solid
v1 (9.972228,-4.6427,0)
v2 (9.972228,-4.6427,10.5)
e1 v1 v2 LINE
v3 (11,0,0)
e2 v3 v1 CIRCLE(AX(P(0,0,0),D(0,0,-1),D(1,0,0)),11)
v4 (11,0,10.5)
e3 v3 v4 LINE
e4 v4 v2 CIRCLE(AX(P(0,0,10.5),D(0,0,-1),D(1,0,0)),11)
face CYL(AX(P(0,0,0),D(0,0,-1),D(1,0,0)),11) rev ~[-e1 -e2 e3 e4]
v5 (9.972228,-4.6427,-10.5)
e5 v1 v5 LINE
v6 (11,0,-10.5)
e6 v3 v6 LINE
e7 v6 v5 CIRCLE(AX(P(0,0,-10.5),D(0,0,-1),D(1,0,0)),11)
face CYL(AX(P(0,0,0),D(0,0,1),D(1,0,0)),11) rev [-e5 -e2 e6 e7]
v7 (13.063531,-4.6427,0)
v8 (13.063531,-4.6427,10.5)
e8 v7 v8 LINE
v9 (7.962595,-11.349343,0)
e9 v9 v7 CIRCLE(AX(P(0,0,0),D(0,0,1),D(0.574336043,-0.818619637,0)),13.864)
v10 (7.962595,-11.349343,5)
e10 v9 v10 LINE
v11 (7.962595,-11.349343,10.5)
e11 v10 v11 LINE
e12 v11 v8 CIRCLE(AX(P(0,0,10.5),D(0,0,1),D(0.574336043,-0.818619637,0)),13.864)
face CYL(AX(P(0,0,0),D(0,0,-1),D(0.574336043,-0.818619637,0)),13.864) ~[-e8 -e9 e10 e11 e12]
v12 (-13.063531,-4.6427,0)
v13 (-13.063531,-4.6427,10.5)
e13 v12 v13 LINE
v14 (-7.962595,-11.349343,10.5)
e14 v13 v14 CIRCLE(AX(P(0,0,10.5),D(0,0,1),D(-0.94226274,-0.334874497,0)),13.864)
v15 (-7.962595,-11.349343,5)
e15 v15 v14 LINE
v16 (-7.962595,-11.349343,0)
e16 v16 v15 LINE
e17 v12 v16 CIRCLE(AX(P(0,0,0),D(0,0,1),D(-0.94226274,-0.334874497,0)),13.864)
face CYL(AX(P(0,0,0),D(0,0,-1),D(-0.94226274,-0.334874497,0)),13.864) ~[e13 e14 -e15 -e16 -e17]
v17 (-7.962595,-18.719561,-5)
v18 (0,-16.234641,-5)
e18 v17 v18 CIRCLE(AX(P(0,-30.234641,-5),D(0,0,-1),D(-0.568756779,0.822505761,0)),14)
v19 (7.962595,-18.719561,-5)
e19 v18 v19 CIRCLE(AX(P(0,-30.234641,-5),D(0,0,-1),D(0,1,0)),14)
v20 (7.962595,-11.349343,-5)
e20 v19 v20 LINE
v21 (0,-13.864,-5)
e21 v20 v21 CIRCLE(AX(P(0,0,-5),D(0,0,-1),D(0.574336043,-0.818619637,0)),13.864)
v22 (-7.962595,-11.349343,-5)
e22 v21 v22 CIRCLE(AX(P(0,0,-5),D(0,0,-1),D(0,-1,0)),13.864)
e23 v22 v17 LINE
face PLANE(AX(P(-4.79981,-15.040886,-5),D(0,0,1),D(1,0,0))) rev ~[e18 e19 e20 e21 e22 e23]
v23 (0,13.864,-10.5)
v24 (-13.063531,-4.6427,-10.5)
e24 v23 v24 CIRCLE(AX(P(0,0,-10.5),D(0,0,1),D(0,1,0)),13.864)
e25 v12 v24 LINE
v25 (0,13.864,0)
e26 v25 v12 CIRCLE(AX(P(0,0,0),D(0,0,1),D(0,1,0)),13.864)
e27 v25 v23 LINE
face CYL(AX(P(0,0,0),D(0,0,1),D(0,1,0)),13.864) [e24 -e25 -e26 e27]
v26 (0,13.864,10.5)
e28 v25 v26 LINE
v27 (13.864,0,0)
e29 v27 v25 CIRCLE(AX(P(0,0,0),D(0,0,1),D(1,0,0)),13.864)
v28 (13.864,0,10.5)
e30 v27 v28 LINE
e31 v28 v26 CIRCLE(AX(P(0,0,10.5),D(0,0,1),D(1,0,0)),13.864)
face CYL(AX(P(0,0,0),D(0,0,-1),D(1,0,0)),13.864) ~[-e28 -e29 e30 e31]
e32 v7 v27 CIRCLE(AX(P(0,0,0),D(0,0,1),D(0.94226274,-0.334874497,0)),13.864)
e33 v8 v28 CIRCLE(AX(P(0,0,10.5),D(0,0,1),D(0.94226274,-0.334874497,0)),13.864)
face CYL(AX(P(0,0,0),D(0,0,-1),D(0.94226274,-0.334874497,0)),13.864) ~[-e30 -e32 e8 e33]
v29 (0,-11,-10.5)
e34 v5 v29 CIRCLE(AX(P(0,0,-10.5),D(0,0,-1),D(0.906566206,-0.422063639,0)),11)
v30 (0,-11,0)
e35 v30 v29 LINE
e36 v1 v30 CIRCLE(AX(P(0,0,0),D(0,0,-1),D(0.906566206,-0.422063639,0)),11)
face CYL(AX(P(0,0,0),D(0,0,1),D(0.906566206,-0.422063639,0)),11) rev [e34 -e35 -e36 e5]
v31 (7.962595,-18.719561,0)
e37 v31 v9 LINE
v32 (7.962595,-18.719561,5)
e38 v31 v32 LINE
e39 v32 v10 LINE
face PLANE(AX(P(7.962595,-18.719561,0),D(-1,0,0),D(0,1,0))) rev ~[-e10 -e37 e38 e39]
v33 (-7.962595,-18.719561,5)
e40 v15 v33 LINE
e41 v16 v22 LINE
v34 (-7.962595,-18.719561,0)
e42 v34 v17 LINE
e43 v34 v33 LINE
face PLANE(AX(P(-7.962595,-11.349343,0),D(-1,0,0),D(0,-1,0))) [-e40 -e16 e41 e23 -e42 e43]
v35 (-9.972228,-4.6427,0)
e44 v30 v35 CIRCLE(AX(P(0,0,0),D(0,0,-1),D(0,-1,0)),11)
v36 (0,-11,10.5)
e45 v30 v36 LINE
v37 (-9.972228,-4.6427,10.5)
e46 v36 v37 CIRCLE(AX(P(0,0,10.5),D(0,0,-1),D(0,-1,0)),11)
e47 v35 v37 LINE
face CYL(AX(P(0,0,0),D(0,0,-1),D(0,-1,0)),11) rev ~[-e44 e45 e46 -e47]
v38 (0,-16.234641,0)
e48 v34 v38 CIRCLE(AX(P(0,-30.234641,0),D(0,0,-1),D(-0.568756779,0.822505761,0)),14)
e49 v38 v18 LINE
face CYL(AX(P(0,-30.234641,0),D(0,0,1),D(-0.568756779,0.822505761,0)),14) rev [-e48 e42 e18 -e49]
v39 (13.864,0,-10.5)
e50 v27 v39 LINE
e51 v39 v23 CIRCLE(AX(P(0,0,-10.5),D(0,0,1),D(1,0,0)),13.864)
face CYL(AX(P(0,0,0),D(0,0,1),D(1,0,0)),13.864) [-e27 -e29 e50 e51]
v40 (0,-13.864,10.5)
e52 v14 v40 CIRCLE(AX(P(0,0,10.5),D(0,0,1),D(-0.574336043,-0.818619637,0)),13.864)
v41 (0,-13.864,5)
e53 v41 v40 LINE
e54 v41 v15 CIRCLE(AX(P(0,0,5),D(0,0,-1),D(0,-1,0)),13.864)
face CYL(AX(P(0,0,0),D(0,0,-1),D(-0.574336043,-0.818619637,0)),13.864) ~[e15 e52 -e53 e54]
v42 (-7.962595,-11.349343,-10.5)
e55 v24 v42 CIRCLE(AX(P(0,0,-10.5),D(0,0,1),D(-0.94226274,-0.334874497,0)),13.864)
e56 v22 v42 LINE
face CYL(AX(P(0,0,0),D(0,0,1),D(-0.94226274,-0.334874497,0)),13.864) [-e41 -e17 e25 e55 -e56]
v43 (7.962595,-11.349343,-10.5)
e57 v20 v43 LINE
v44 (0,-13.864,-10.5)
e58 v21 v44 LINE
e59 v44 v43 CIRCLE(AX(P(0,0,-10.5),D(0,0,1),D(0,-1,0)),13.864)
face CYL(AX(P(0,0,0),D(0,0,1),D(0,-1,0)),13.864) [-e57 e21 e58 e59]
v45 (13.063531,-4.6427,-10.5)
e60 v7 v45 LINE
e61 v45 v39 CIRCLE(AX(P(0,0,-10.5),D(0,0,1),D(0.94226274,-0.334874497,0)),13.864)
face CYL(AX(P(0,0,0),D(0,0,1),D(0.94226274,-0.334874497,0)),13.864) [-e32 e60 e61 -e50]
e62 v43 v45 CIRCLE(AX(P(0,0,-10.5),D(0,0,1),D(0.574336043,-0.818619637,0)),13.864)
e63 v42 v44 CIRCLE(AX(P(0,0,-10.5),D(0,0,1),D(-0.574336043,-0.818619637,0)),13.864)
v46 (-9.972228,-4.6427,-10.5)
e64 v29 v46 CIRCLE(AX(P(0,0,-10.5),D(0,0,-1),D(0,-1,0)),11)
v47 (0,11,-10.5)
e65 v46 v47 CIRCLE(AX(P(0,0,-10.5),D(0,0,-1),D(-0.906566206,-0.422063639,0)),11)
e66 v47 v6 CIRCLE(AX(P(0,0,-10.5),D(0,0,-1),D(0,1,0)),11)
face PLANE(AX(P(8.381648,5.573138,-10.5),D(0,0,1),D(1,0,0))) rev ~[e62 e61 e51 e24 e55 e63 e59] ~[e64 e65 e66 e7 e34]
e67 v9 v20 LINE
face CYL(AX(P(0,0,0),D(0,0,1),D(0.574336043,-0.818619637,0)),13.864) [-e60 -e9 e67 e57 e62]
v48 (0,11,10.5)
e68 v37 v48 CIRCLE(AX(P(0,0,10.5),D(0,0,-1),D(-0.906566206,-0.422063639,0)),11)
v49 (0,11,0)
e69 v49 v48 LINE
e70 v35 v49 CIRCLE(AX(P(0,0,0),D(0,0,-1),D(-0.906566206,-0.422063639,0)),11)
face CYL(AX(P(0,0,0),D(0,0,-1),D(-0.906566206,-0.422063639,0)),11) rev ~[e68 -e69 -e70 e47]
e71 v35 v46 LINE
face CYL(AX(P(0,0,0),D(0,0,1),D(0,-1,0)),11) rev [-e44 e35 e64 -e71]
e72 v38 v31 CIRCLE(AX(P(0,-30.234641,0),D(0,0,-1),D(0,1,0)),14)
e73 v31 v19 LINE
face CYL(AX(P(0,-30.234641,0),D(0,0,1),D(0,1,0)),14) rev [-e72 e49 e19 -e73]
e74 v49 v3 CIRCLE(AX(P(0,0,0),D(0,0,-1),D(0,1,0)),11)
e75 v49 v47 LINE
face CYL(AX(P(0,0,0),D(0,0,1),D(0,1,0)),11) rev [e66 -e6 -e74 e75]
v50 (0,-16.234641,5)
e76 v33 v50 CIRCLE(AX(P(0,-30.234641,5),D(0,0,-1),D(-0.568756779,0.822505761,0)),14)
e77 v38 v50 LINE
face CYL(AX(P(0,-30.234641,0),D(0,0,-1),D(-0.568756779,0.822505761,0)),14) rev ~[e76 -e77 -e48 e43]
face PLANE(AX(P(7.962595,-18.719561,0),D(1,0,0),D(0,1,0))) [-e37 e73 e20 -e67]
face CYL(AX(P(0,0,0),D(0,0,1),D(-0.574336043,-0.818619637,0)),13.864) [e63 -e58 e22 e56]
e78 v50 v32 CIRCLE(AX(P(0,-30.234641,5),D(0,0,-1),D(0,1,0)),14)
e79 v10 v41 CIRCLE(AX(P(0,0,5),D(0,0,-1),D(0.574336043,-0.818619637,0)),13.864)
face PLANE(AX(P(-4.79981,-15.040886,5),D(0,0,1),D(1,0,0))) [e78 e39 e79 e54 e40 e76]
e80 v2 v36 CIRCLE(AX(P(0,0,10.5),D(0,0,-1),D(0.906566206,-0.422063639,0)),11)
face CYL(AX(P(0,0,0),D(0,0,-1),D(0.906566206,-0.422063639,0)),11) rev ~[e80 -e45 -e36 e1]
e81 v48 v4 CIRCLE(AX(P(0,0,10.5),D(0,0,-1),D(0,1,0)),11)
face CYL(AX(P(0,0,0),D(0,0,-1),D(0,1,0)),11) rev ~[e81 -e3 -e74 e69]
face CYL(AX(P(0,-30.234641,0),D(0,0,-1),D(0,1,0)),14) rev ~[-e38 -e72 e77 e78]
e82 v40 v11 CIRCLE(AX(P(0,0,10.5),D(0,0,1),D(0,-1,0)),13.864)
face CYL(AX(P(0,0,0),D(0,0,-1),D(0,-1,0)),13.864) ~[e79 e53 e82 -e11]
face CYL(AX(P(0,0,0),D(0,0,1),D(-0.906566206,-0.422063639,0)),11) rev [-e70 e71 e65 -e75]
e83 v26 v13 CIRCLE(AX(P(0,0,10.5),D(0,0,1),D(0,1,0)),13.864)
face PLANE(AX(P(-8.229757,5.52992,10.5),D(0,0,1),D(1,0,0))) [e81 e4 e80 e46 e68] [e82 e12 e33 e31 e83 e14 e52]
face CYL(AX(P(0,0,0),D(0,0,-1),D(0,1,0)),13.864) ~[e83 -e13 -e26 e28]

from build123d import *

# Parameters (mm, degrees)
F1_DEPTH = 10.5
F2_DEPTH = 10.5
F3_DEPTH = 5
F4_DEPTH = 5


with BuildPart() as f1:
    # F0 (on Top) → F1 (new body)
    with BuildSketch(Plane.XY):
        with BuildLine():
            ThreePointArc((-9.9722282607, -4.6427000245), (-9.2754972985, 5.9131336756), (0, 11))
            Line((0, 11), (0, 13.864))
            ThreePointArc((0, 13.864), (-11.3264488949, 7.9951267301), (-13.0635306285, -4.6427000245))
            Line((-13.0635306285, -4.6427000245), (-9.9722282607, -4.6427000245))
        make_face()
        with BuildLine():
            ThreePointArc((0, 11), (7.7781745931, 7.7781745931), (11, 0))
            ThreePointArc((11, 0), (10.7399839587, -2.3775501186), (9.9722282607, -4.6427000245))
            Line((9.9722282607, -4.6427000245), (13.0635306285, -4.6427000245))
            ThreePointArc((13.0635306285, -4.6427000245), (13.6624171477, -2.3556004931), (13.864, 0))
            ThreePointArc((13.864, 0), (9.8033284144, 9.8033284144), (0, 13.864))
            Line((0, 13.864), (0, 11))
        make_face()
        with BuildLine():
            Line((13.0635306285, -4.6427000245), (9.9722282607, -4.6427000245))
            ThreePointArc((9.9722282607, -4.6427000245), (5.9131336756, -9.2754972985), (0, -11))
            Line((0, -11), (0, -13.864))
            ThreePointArc((0, -13.864), (4.1751173413, -13.2203967863), (7.962594905, -11.3493426408))
            ThreePointArc((7.962594905, -11.3493426408), (11.0349106265, -8.3929281819), (13.0635306285, -4.6427000245))
        make_face()
        with BuildLine():
            ThreePointArc((0, -11), (-5.9131336756, -9.2754972985), (-9.9722282607, -4.6427000245))
            Line((-9.9722282607, -4.6427000245), (-13.0635306285, -4.6427000245))
            ThreePointArc((-13.0635306285, -4.6427000245), (-11.0349106265, -8.3929281819), (-7.962594905, -11.3493426408))
            ThreePointArc((-7.962594905, -11.3493426408), (-4.1751173413, -13.2203967863), (0, -13.864))
            Line((0, -13.864), (0, -11))
        make_face()
    extrude(amount=F1_DEPTH)

    # F0 (on Top) → F2 (join)
    with BuildSketch(Plane.XY):
        with BuildLine():
            ThreePointArc((0, 11), (7.7781745931, 7.7781745931), (11, 0))
            ThreePointArc((11, 0), (10.7399839587, -2.3775501186), (9.9722282607, -4.6427000245))
            Line((9.9722282607, -4.6427000245), (13.0635306285, -4.6427000245))
            ThreePointArc((13.0635306285, -4.6427000245), (13.6624171477, -2.3556004931), (13.864, 0))
            ThreePointArc((13.864, 0), (9.8033284144, 9.8033284144), (0, 13.864))
            Line((0, 13.864), (0, 11))
        make_face()
        with BuildLine():
            ThreePointArc((-9.9722282607, -4.6427000245), (-9.2754972985, 5.9131336756), (0, 11))
            Line((0, 11), (0, 13.864))
            ThreePointArc((0, 13.864), (-11.3264488949, 7.9951267301), (-13.0635306285, -4.6427000245))
            Line((-13.0635306285, -4.6427000245), (-9.9722282607, -4.6427000245))
        make_face()
        with BuildLine():
            Line((13.0635306285, -4.6427000245), (9.9722282607, -4.6427000245))
            ThreePointArc((9.9722282607, -4.6427000245), (5.9131336756, -9.2754972985), (0, -11))
            Line((0, -11), (0, -13.864))
            ThreePointArc((0, -13.864), (4.1751173413, -13.2203967863), (7.962594905, -11.3493426408))
            ThreePointArc((7.962594905, -11.3493426408), (11.0349106265, -8.3929281819), (13.0635306285, -4.6427000245))
        make_face()
        with BuildLine():
            ThreePointArc((0, -11), (-5.9131336756, -9.2754972985), (-9.9722282607, -4.6427000245))
            Line((-9.9722282607, -4.6427000245), (-13.0635306285, -4.6427000245))
            ThreePointArc((-13.0635306285, -4.6427000245), (-11.0349106265, -8.3929281819), (-7.962594905, -11.3493426408))
            ThreePointArc((-7.962594905, -11.3493426408), (-4.1751173413, -13.2203967863), (0, -13.864))
            Line((0, -13.864), (0, -11))
        make_face()
    extrude(amount=-F2_DEPTH)

    # F0 (on Top) → F3 (join)
    with BuildSketch(Plane.XY):
        with BuildLine():
            Line((0, -16.2346414998), (0, -13.864))
            ThreePointArc((0, -13.864), (-4.1751173413, -13.2203967863), (-7.962594905, -11.3493426408))
            Line((-7.962594905, -11.3493426408), (-7.962594905, -18.7195608497))
            ThreePointArc((-7.962594905, -18.7195608497), (-4.1706636701, -16.8703022138), (0, -16.2346414998))
        make_face()
        with BuildLine():
            ThreePointArc((7.962594905, -11.3493426408), (4.1751173413, -13.2203967863), (0, -13.864))
            Line((0, -13.864), (0, -16.2346414998))
            ThreePointArc((0, -16.2346414998), (4.1706636701, -16.8703022138), (7.962594905, -18.7195608497))
            Line((7.962594905, -18.7195608497), (7.962594905, -11.3493426408))
        make_face()
    extrude(amount=F3_DEPTH)

    # F0 (on Top) → F4 (join)
    with BuildSketch(Plane.XY):
        with BuildLine():
            Line((0, -16.2346414998), (0, -13.864))
            ThreePointArc((0, -13.864), (-4.1751173413, -13.2203967863), (-7.962594905, -11.3493426408))
            Line((-7.962594905, -11.3493426408), (-7.962594905, -18.7195608497))
            ThreePointArc((-7.962594905, -18.7195608497), (-4.1706636701, -16.8703022138), (0, -16.2346414998))
        make_face()
        with BuildLine():
            ThreePointArc((7.962594905, -11.3493426408), (4.1751173413, -13.2203967863), (0, -13.864))
            Line((0, -13.864), (0, -16.2346414998))
            ThreePointArc((0, -16.2346414998), (4.1706636701, -16.8703022138), (7.962594905, -18.7195608497))
            Line((7.962594905, -18.7195608497), (7.962594905, -11.3493426408))
        make_face()
    extrude(amount=-F4_DEPTH)


solid = f1.part
